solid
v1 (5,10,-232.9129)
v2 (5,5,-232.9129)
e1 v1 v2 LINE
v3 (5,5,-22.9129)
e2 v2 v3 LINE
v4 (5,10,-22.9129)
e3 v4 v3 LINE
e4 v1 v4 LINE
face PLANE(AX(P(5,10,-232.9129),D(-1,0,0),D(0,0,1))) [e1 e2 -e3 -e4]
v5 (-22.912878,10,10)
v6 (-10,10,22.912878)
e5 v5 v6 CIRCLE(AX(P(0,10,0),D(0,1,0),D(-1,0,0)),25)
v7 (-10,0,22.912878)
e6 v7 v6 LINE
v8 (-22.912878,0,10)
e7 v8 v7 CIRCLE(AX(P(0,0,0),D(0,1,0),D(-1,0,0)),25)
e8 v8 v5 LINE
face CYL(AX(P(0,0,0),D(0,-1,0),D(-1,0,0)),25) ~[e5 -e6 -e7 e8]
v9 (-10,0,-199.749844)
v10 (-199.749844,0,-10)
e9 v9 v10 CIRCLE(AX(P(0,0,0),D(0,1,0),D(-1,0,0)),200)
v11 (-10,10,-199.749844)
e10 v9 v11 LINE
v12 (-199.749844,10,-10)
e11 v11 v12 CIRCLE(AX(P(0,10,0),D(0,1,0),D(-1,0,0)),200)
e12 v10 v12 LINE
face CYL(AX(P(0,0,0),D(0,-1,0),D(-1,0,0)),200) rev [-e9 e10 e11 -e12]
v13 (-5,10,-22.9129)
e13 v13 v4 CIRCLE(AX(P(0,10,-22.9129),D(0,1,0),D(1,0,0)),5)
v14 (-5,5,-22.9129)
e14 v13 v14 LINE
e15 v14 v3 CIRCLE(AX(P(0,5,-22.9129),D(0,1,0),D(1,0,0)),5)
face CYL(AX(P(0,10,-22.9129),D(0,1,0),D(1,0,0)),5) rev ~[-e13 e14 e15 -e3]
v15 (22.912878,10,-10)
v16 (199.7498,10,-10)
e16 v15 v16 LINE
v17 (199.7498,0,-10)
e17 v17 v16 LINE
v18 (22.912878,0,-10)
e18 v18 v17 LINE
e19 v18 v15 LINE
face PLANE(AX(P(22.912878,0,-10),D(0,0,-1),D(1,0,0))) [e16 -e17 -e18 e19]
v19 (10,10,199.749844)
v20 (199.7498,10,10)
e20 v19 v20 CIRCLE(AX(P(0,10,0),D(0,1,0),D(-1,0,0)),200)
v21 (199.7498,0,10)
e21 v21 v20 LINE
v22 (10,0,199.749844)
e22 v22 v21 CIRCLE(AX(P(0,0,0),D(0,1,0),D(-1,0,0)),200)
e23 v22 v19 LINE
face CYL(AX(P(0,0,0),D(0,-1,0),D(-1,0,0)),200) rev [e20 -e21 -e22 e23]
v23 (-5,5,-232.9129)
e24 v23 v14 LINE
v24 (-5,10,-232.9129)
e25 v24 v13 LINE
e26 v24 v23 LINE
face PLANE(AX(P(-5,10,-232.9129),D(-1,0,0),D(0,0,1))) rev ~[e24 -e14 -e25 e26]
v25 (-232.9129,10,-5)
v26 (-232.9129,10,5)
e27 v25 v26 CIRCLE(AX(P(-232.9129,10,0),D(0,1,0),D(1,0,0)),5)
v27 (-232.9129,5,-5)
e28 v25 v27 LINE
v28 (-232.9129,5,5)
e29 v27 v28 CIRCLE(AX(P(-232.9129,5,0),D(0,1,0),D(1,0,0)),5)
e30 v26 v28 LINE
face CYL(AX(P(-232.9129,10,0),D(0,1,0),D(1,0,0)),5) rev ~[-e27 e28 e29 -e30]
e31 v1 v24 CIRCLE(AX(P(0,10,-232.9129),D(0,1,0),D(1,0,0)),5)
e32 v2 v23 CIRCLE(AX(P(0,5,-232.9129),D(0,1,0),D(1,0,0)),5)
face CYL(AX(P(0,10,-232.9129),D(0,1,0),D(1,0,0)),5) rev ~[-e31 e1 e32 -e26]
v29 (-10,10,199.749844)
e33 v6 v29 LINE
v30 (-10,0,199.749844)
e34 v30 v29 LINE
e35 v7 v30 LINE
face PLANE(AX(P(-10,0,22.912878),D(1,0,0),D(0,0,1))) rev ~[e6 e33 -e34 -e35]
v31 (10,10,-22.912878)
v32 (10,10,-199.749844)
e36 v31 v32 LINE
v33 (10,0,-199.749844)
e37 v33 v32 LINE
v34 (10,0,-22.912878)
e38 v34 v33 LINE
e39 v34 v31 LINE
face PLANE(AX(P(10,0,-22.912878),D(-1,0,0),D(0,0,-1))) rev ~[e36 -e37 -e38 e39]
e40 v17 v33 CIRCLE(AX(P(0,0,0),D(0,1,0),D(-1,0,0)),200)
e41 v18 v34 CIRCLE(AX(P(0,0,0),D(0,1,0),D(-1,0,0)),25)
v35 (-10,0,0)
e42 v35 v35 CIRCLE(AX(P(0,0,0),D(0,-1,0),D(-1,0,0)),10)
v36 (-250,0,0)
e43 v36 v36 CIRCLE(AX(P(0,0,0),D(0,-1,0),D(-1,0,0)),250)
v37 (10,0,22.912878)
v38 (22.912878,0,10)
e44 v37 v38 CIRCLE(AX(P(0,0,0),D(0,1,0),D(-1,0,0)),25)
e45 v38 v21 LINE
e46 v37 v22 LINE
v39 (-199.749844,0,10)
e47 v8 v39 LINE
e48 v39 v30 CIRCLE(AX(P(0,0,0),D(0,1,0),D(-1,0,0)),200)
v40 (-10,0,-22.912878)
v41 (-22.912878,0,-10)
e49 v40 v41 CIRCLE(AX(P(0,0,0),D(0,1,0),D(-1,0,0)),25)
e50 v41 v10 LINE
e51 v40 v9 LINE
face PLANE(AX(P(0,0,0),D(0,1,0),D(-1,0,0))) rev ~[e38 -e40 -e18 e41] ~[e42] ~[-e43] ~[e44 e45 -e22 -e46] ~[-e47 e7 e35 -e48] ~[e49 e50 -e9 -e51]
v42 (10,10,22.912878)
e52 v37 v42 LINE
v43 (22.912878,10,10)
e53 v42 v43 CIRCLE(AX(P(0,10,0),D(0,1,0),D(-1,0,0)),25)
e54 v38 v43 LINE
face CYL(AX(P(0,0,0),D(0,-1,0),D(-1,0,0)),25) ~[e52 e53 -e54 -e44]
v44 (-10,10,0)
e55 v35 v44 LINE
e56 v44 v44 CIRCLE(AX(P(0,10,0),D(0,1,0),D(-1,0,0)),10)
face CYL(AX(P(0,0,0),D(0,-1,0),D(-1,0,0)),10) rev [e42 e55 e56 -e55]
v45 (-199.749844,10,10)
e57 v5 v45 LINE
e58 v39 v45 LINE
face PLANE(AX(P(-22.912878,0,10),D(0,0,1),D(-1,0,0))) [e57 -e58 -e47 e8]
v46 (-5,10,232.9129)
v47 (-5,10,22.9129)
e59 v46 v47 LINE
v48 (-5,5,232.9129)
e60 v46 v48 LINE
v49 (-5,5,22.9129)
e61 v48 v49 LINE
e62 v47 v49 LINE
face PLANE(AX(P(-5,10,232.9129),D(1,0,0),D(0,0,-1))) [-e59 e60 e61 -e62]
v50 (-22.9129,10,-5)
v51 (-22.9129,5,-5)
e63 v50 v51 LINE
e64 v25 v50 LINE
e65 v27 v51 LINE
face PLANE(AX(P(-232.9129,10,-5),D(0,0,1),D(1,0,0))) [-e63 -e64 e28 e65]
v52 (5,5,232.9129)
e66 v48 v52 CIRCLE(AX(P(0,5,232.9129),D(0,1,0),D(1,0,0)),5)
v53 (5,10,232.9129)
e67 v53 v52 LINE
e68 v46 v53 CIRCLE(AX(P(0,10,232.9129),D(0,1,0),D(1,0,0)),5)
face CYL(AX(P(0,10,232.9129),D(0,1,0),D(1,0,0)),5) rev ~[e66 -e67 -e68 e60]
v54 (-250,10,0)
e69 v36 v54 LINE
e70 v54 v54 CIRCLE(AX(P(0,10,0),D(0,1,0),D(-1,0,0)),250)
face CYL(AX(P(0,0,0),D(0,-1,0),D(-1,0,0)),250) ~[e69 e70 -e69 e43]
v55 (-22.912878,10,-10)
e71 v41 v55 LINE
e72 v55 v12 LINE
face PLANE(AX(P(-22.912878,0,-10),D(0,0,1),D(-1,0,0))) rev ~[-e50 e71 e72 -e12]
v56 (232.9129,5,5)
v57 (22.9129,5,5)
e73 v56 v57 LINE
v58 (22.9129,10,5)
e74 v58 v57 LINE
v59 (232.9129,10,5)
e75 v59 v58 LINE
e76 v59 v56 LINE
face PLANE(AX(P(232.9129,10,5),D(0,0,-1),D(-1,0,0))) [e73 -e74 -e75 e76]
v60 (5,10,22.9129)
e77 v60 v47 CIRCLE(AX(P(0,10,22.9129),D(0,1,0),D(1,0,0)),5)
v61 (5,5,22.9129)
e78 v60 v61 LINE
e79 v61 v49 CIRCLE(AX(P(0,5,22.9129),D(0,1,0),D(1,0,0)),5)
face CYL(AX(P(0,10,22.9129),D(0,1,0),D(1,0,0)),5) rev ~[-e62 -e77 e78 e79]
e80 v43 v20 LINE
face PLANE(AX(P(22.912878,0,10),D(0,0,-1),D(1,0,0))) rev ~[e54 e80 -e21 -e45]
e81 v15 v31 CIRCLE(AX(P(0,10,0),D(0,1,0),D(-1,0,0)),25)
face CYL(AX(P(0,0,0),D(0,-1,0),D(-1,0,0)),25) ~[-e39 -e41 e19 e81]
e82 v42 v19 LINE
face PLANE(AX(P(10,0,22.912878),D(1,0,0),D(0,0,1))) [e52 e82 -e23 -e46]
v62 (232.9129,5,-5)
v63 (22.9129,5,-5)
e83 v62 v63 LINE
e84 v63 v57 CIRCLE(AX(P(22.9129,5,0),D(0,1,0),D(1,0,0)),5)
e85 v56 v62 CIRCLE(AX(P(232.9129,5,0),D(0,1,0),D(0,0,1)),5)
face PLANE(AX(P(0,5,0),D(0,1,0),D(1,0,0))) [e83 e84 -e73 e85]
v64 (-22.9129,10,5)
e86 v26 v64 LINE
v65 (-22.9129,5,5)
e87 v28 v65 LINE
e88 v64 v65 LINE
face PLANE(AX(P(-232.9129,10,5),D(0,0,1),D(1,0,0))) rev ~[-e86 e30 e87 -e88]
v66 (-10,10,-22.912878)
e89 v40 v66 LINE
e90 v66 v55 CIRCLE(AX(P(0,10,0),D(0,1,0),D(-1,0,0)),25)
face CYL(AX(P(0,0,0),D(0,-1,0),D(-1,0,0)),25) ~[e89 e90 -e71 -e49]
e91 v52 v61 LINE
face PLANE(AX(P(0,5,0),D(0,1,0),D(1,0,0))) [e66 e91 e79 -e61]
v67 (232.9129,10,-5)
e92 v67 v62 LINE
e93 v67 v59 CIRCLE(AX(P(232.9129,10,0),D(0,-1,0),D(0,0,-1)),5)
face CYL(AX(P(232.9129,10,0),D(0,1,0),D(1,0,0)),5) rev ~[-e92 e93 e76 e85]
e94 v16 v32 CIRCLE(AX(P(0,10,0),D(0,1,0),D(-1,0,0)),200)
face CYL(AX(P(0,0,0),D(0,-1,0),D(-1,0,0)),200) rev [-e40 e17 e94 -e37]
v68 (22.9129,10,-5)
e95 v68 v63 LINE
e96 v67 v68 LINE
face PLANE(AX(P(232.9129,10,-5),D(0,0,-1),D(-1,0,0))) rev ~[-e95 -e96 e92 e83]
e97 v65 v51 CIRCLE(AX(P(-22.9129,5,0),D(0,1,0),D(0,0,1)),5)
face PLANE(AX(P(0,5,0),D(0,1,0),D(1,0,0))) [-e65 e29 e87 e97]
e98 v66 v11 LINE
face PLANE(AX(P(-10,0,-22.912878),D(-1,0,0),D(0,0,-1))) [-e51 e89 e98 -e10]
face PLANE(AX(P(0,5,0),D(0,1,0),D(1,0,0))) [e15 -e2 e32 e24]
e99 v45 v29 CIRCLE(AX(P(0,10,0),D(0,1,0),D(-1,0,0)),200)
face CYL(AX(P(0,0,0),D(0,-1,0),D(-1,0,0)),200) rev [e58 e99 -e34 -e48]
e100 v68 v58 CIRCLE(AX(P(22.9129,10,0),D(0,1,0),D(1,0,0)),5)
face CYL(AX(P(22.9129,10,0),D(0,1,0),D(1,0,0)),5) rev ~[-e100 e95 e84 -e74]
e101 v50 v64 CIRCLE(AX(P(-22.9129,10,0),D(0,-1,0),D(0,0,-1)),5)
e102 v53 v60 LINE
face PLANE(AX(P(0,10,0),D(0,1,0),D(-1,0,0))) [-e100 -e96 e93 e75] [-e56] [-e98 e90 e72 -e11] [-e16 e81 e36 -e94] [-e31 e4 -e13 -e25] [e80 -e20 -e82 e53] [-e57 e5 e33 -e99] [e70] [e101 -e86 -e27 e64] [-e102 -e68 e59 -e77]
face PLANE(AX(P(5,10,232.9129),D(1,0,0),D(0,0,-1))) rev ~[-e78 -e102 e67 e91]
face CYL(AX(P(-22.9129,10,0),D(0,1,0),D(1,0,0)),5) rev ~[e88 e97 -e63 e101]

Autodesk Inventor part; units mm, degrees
ref_plane "YZ Plane" through (0, 0, 0) normal (1, 0, 0) x (0, 1, 0)
ref_plane "XZ Plane" through (0, 0, 0) normal (0, 1, 0) x (-1, 0, 0)
ref_plane "XY Plane" through (0, 0, 0) normal (0, 0, 1) x (1, 0, 0)
sketch "Skizze1" plane through (0, 0, 0) normal (0, 1, 0) x (-1, 0, 0)
  circle A0 centre (0, 0) radius 10
  circle A1 centre (0, 0) radius 250
  circle A2 centre (0, 0) radius 200
  circle A3 centre (0, 0) radius 25
  line L0 (10, 0) -> (10, -249.7999)
  line L1 (-10, 0) -> (-10, -249.7999)
  line L2 (0, 10) -> (249.7999, 10)
  line L3 (0, -10) -> (249.7999, -10)
  line L4 (10, 0) -> (10, 249.7999)
  line L5 (-10, 0) -> (-10, 249.7999)
  line L6 (0, 10) -> (-199.7498, 10)
  line L7 (0, -10) -> (-199.7498, -10)
  point P0 (-10, -199.7498)
  point P1 (-22.9129, -10)
  point P2 (-10, -22.9129)
  point P3 (10, -199.7498)
  point P4 (10, -22.9129)
  point P5 (22.9129, -10)
  point P6 (199.7498, -10)
  point P7 (-10, 199.7498)
  point P8 (-10, 22.9129)
  point P9 (-22.9129, 10)
  point P10 (22.9129, 10)
  point P11 (10, 22.9129)
  point P12 (10, 199.7498)
  point P13 (199.7498, 10)
  dimension "d0" = 20
  dimension "d1" = 500
  dimension "d2" = 400
  dimension "d3" = 50
extrude "Extrusion1" add sketch "Skizze1" along normal blind 10 contours L0 L3 A0 | L4 L2 A3 L3 L0 | A0 L2 L4 | L6 L5 A3 L4 L2 | A0 L5 L6 | L7 L1 A0 | L3 L0 A3 L1 L7 | L3 A3 L0 | L4 A3 L2 | L1 L7 A3 L6 L5 | L6 A3 L5 | L1 A3 L7 | L0 A2 L1 A3 | A3 L2 A2 L3 | A3 L5 A2 L4 | A3 L7 A2 L6 | L0 A1 L1 A2 | A2 L3 A1 L0 | A2 L2 A1 L3 | A2 L4 A1 L2 | A2 L5 A1 L4 | A2 L1 A1 L5
sketch "Skizze2" plane through (0, 10, 0) normal (0, 1, 0) x (1, 0, 0)
  line L0 (0, 22.9129) -> (0, 232.9129)
  circle A0 centre (0, 232.9129) radius 5
  circle A1 centre (0, 22.9129) radius 5
  line L1 (5, 232.9129) -> (5, 22.9129)
  line L2 (-5, 232.9129) -> (-5, 22.9129)
  line L3 (22.9129, 0) -> (232.9129, 0)
  circle A2 centre (232.9129, 0) radius 5
  circle A3 centre (22.9129, 0) radius 5
  line L4 (232.9129, -5) -> (22.9129, -5)
  line L5 (232.9129, 5) -> (22.9129, 5)
  line L6 (0, -22.9129) -> (0, -232.9129)
  circle A4 centre (0, -232.9129) radius 5
  circle A5 centre (0, -22.9129) radius 5
  line L7 (-5, -232.9129) -> (-5, -22.9129)
  line L8 (5, -232.9129) -> (5, -22.9129)
  line L9 (-22.9129, 0) -> (-232.9129, 0)
  circle A6 centre (-232.9129, 0) radius 5
  circle A7 centre (-22.9129, 0) radius 5
  line L10 (-232.9129, 5) -> (-22.9129, 5)
  line L11 (-232.9129, -5) -> (-22.9129, -5)
  point P0 (0, 0)
  point P1 (0, 0)
  point P2 (0, 0)
  point P3 (0, 0)
  dimension "nutlange" = 210
  dimension "radius" = 10
  dimension "d10" = 10
  dimension "d13" = 360
extrude "Extrusion2" cut sketch "Skizze2" against normal blind 5
properties part number "Seitenscheibe" material "PVC, hart"
